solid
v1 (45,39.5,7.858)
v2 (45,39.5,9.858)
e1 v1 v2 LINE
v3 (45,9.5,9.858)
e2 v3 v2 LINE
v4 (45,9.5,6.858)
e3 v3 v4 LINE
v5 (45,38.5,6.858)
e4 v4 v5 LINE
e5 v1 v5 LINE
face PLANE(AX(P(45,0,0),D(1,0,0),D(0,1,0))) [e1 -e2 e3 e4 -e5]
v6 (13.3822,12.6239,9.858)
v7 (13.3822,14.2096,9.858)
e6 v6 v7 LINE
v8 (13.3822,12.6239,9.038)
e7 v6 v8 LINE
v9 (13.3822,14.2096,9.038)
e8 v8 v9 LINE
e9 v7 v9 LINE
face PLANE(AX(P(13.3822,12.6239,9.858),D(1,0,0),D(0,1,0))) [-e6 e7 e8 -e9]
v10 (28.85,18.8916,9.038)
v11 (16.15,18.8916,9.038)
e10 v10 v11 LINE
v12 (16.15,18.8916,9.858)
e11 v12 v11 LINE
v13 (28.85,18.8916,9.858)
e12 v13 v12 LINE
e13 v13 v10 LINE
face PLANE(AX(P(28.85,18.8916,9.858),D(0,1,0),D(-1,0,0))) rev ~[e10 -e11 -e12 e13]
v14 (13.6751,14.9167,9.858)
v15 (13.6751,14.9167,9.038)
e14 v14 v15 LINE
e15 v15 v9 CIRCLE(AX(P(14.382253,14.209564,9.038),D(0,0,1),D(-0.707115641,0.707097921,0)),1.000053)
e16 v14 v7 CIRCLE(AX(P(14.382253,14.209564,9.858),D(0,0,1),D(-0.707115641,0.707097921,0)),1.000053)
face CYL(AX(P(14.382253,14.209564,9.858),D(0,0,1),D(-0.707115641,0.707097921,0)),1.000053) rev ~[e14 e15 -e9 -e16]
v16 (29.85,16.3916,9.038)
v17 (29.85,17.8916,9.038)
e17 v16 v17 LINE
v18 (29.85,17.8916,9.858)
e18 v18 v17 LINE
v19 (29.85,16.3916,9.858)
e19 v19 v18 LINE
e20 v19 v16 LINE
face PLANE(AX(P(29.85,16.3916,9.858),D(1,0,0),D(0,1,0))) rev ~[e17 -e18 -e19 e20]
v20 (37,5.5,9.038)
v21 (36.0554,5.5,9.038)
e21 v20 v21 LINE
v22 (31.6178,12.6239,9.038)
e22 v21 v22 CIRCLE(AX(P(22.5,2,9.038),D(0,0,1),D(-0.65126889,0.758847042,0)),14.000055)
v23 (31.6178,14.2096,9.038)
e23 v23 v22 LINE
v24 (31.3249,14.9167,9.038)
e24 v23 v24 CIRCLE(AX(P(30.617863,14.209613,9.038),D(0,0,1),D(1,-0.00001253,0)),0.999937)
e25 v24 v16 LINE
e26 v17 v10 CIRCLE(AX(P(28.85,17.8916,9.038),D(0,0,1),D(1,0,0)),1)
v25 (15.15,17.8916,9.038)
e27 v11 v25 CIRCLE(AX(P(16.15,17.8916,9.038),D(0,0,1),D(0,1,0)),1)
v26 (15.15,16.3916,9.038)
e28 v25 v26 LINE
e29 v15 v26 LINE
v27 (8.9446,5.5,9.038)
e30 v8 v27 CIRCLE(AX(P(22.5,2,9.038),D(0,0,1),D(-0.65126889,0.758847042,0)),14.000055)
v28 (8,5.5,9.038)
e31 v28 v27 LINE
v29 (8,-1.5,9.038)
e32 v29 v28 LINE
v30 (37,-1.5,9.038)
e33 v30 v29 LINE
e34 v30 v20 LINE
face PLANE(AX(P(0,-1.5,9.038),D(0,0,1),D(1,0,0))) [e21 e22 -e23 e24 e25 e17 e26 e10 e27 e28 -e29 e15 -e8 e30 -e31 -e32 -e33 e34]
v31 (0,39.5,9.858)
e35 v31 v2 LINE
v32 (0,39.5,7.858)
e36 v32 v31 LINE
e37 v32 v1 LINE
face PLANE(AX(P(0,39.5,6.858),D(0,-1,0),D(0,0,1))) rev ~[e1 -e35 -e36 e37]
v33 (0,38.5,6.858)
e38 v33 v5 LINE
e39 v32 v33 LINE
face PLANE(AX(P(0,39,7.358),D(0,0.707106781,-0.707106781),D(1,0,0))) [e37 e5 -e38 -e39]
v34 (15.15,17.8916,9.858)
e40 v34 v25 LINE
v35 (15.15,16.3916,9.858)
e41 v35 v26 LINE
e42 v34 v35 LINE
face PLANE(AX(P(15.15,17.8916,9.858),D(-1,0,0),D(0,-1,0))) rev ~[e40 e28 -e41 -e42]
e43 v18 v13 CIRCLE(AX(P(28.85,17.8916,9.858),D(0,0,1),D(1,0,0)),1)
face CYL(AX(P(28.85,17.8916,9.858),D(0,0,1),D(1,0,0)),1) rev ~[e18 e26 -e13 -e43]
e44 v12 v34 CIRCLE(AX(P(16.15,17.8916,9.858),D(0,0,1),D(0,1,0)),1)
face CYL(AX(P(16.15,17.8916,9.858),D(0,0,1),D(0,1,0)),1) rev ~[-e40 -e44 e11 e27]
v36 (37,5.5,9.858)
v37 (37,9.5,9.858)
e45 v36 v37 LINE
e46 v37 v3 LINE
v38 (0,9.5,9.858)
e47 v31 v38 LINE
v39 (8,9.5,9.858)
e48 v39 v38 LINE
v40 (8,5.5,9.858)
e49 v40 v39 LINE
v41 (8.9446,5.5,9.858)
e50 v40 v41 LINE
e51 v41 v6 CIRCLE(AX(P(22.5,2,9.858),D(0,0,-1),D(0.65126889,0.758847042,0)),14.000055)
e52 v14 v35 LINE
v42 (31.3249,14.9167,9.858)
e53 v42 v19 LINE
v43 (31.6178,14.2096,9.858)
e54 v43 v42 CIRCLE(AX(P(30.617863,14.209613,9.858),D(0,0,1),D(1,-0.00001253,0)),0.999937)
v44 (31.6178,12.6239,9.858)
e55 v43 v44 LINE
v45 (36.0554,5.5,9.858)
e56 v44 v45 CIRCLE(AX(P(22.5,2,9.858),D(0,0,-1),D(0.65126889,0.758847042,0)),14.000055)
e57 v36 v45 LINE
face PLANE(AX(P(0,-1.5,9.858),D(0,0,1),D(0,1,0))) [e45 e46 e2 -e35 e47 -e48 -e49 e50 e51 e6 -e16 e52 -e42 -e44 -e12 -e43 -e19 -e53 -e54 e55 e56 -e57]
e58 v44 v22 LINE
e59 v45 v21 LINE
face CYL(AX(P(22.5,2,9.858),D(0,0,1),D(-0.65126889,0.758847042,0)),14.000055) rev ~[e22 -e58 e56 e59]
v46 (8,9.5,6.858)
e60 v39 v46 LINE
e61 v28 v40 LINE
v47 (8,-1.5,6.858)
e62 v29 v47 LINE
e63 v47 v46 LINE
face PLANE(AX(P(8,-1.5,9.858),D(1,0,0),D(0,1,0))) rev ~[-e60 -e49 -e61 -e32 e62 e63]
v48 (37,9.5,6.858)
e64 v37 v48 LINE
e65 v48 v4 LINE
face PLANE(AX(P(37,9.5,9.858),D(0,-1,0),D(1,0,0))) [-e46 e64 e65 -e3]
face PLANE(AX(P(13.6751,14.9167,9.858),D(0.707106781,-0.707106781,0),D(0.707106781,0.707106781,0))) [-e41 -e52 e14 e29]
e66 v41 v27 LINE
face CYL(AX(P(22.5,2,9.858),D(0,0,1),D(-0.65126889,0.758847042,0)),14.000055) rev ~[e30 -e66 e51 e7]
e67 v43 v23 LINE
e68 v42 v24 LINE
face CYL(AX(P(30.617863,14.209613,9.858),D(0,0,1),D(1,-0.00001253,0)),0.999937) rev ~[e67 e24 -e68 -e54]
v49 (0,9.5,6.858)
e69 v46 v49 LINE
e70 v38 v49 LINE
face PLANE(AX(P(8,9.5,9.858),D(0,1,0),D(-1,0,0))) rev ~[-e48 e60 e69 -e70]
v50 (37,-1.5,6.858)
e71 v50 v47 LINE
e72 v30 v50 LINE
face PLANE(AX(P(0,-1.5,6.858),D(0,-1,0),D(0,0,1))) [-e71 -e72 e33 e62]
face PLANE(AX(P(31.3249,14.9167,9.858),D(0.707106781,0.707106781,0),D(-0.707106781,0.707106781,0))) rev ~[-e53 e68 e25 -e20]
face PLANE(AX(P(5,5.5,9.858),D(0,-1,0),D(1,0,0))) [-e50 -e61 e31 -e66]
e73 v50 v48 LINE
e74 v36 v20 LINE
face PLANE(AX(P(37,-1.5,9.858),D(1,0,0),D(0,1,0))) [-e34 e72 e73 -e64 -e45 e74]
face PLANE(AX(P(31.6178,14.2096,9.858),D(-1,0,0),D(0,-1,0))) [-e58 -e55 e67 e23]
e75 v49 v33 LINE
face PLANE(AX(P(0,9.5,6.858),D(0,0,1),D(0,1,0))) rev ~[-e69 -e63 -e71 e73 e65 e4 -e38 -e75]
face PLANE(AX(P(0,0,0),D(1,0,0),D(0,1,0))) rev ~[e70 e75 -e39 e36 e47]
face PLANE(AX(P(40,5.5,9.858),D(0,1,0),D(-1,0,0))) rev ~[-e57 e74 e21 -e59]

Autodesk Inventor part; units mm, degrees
ref_plane "YZ Plane" through (0, 0, 0) normal (1, 0, 0) x (0, 1, 0)
ref_plane "XZ Plane" through (0, 0, 0) normal (0, 1, 0) x (-1, 0, 0)
ref_plane "XY Plane" through (0, 0, 0) normal (0, 0, 1) x (1, 0, 0)
sketch "Sketch1" plane through (0, 0, 0) normal (1, 0, 0) x (0, 1, 0)
  line L0 (-1.5, 6.858) -> (1.5, 6.858)
  line L1 (1.5, 6.858) -> (1.5, -6.858)
  line L2 (1.5, -6.858) -> (-1.5, -6.858)
  line L3 (-1.5, -6.858) -> (-1.5, 6.858)
  line L4 (-1.5, 6.858) -> (1.5, -6.858) construction
  line L5 (1.5, 6.858) -> (-1.5, -6.858) construction
  line L6 (1.5, 6.858) -> (39.5, 6.858)
  line L7 (39.5, 6.858) -> (39.5, 9.858)
  line L8 (39.5, 9.858) -> (1.5, 9.858)
  line L9 (1.5, 9.858) -> (1.5, 6.858)
  line L10 (1.5, -6.858) -> (39.5, -6.858)
  line L11 (39.5, -6.858) -> (39.5, -9.858)
  line L12 (39.5, -9.858) -> (1.5, -9.858)
  line L13 (1.5, -9.858) -> (1.5, -6.858)
  line L14 (9.5, 6.858) -> (1.5, 6.858)
  line L15 (1.5, 6.858) -> (1.5, -0.142)
  line L16 (1.5, -0.142) -> (9.5, -0.142)
  line L17 (9.5, -0.142) -> (9.5, 6.858)
  line L18 (9.5, -6.858) -> (1.5, -6.858)
  line L19 (1.5, -6.858) -> (1.5, -0.142)
  line L20 (1.5, -0.142) -> (9.5, -0.142)
  line L21 (9.5, -0.142) -> (9.5, -6.858)
  line L22 (9.5, -0.142) -> (1.5, -0.142)
  line L23 (1.5, 6.858) -> (-1.5, 6.858)
  line L24 (-1.5, 6.858) -> (-1.5, 9.858)
  line L25 (-1.5, 9.858) -> (1.5, 9.858)
  line L26 (1.5, 9.858) -> (1.5, 6.858)
  line L27 (1.5, -6.858) -> (-1.5, -6.858)
  line L28 (-1.5, -6.858) -> (-1.5, -9.858)
  line L29 (-1.5, -9.858) -> (1.5, -9.858)
  line L30 (1.5, -9.858) -> (1.5, -6.858)
  point P0 (0, 0)
  dimension "d0" = 3
  dimension "d2" = 13.716
  dimension "d3" = 3
  dimension "d4" = 3
  dimension "d5" = 38
  dimension "d6" = 38
  dimension "d7" = 0
  dimension "d8" = 8
  dimension "d9" = 8
  dimension "d12" = 7
  dimension "d13" = 6.716
extrude "Extrusion1" add sketch "Sketch1" along normal blind 45
sketch "Sketch2" plane through (0, -1.5, 9.858) normal (0, 0, 1) x (1, 0, 0)
  line L0 (5, 7) -> (8.9446, 7) projected
  arc A0 (5, 7) -> (5, 0) centre (5, 3.5) ccw projected
  line L1 (8.9446, 0) -> (5, 0) projected
  arc A1 (13.3822, 14.1239) -> (31.6178, 14.1239) centre (22.5, 3.5) ccw projected
  line L2 (13.3822, 14.1239) -> (13.3822, 15.7096) projected
  line L3 (13.6751, 16.4167) -> (15.15, 17.8916) projected
  arc A2 (13.6751, 16.4167) -> (13.3822, 15.7096) centre (14.3822, 15.7096) ccw projected
  arc A3 (16.15, 20.3916) -> (15.15, 19.3916) centre (16.15, 19.3916) ccw projected
  line L4 (15.15, 19.3916) -> (15.15, 17.8916) projected
  line L5 (28.85, 20.3916) -> (16.15, 20.3916) projected
  arc A4 (29.85, 19.3916) -> (28.85, 20.3916) centre (28.85, 19.3916) ccw projected
  line L6 (29.85, 17.8916) -> (29.85, 19.3916) projected
  line L7 (31.3249, 16.4167) -> (29.85, 17.8916) projected
  line L8 (31.6178, 15.7096) -> (31.6178, 14.1239) projected
  arc A5 (31.6178, 15.7096) -> (31.3249, 16.4167) centre (30.6178, 15.7096) ccw projected
  line L9 (40, 7) -> (36.0554, 7) projected
  arc A6 (40, 0) -> (40, 7) centre (40, 3.5) ccw projected
  line L10 (36.0554, 0) -> (40, 0) projected
  line L11 (40, 7) -> (36.0554, 7) projected
  arc A7 (40, 0) -> (40, 7) centre (40, 3.5) ccw projected
  line L12 (36.0554, 0) -> (40, 0) projected
  line L13 (8.9446, 0) -> (5, 0) projected
  line L14 (36.0554, 0) -> (40, 0) projected
  line L15 (0, 41) -> (0, 0) projected
  line L16 (0, 0) -> (45, 0) projected
  line L17 (45, 41) -> (45, 0) projected
  line L18 (0, 41) -> (45, 41) projected
  line L19 (5, 7) -> (8.9446, 7) projected
  arc A8 (5, 7) -> (5, 0) centre (5, 3.5) ccw projected
sketch "Sketch3" plane through (0, -1.5, 9.858) normal (0, 0, 1) x (1, 0, 0)
  line L0 (0, 0) -> (45, 0) projected
  line L1 (45, 41) -> (45, 0) projected
  point P0 (0, 41)
  point P1 (0, 1.5)
  point P2 (5, 3.5)
  point P3 (40, 3.5)
  dimension "d16" = 35
  dimension "d18" = 5
  dimension "d19" = 45
  dimension "d20" = 3.5
  dimension "d21" = 3.5
hole "Hole1" at (5, 2, 9.858) at (40, 2, 9.858) direction (0, 0, -1) diameter 4.2 end through all
extrude "Extrusion2" cut sketch "Sketch2" against normal blind 0.82 contours A1 L2 A2 L3 L4 A3 L5 A4 L6 L7 A5 L8 L16 | L16 A1
sketch "Sketch4" plane through (0, -1.5, 9.858) normal (0, 0, 1) x (1, 0, 0)
  arc A0 (36.0554, 0) -> (31.6178, 14.1239) centre (22.5, 3.5) ccw projected
  line L0 (36.0554, 0) -> (45, 0) projected
  arc A1 (13.3822, 14.1239) -> (8.9446, 0) centre (22.5, 3.5) ccw projected
  circle A2 centre (5, 3.5) radius 2.1 projected
  circle A3 centre (40, 3.5) radius 2.1 projected
  arc A4 (5, 7) -> (5, 0) centre (5, 3.5) ccw projected
  line L1 (5, 7) -> (8.9446, 7) projected
  line L2 (8.9446, 0) -> (5, 0) projected
  arc A5 (13.3822, 14.1239) -> (31.6178, 14.1239) centre (22.5, 3.5) ccw projected
  arc A6 (13.3822, 14.1239) -> (31.6178, 14.1239) centre (22.5, 3.5) ccw projected
  line L3 (40, 7) -> (36.0554, 7) projected
  arc A7 (40, 0) -> (40, 7) centre (40, 3.5) ccw projected
  line L4 (36.0554, 0) -> (40, 0) projected
  point P0 (0, 1.5)
extrude "Extrusion3" cut sketch "Sketch4" against normal blind 0.82
sketch "Sketch5" plane through (0, -1.5, -9.858) normal (0, 0, -1) x (-1, 0, 0)
  circle A0 centre (-5, 3.5) radius 2.1 projected
  circle A1 centre (-40, 3.5) radius 2.1 projected
  line L0 (-34.959, 3.5) -> (-37.4795, -0.8656)
  line L1 (-37.4795, -0.8656) -> (-42.5205, -0.8656)
  line L2 (-42.5205, -0.8656) -> (-45.041, 3.5)
  line L3 (-45.041, 3.5) -> (-42.5205, 7.8656)
  line L4 (-42.5205, 7.8656) -> (-37.4795, 7.8656)
  line L5 (-37.4795, 7.8656) -> (-34.959, 3.5)
  line L6 (0.041, 3.5) -> (-2.4795, -0.8656)
  line L7 (-2.4795, -0.8656) -> (-7.5205, -0.8656)
  line L8 (-7.5205, -0.8656) -> (-10.041, 3.5)
  line L9 (-10.041, 3.5) -> (-7.5205, 7.8656)
  line L10 (-7.5205, 7.8656) -> (-2.4795, 7.8656)
  line L11 (-2.4795, 7.8656) -> (0.041, 3.5)
  point P0 (0, 1.5)
  point P1 (-40, 3.5)
  point P2 (-5, 3.5)
  dimension "d33" = 8.7312
  dimension "d34" = 8.7312
extrude "Extrusion4" cut sketch "Sketch5" against normal blind 3.175
sketch "Sketch6" plane through (0, 9.5, 6.858) normal (0, 1, 0) x (1, 0, 0)
  line L0 (7.5, 1.82) -> (37.5, 1.82) projected
  line L1 (37.5, 9.82) -> (7.5, 9.82) projected
  line L2 (7.5, 1.82) -> (7.5, 9.82)
  line L3 (37.5, 1.82) -> (37.5, 9.82)
  line L4 (7, 10.32) -> (38, 10.32)
  line L5 (38, 10.32) -> (38, 1.32)
  line L6 (38, 1.32) -> (7, 1.32)
  line L7 (7, 1.32) -> (7, 10.32)
  line L8 (8, 10.32) -> (37, 10.32)
  line L9 (37, 10.32) -> (37, 1.32)
  line L10 (37, 1.32) -> (8, 1.32)
  line L11 (8, 1.32) -> (8, 10.32)
  line L12 (0, 0) -> (45, 0) projected
  line L13 (8, 1.32) -> (37, 1.32)
  line L14 (37, 1.32) -> (37, 0)
  line L15 (37, 0) -> (8, 0)
  line L16 (8, 0) -> (8, 1.32)
  point P0 (0, 6.858)
  dimension "d37" = 0.5
  dimension "d56" = 1
  dimension "d57" = 1
chamfer "Chamfer1" distance 1 angle 45 2 edges at (22.5, 39.5, -6.858) (22.5, 39.5, 6.858)
sketch "Sketch7" plane through (0, 9.5, -6.858) normal (0, 0, 1) x (1, 0, 0)
  line L0 (0, 29) -> (0, 0) projected
  line L1 (0, 0) -> (45, 0) projected
  line L2 (45, 29) -> (45, 0) projected
  circle A0 centre (22.5, 10) radius 4.318
  line L3 (22.5, 10) -> (22.5, 20)
  circle A1 centre (22.5, 20) radius 2.159
  line L4 (20.341, 20) -> (20.341, 6.2605)
  line L5 (24.659, 20) -> (24.659, 6.2605)
  point P0 (0, -9.5)
  dimension "d43" = 8.636
  dimension "d45" = 10
  dimension "d46" = 4.318
  dimension "d47" = 22.5
  dimension "d48" = 45
  dimension "d49" = 10
extrude "Extrusion6" cut sketch "Sketch7" against normal through all
sketch "Sketch8" plane through (0, 9.5, -6.858) normal (0, 0, 1) x (1, 0, 0)
  arc A0 (20.341, 13.7395) -> (24.659, 13.7395) centre (22.5, 10) ccw projected
  line L0 (20.341, 13.7395) -> (20.341, 20) projected
  arc A1 (24.659, 20) -> (20.341, 20) centre (22.5, 20) ccw projected
  line L1 (24.659, 20) -> (24.659, 13.7395) projected
  line L2 (45, 29) -> (45, 0) projected
  circle A2 centre (22.5, 20) radius 4.318
  line L3 (18.182, 20) -> (18.182, 10)
  line L4 (26.818, 10) -> (26.818, 20)
  point P0 (0, -9.5)
  dimension "d52" = 4.318
  dimension "d53" = 8.636
extrude "Extrusion7" cut sketch "Sketch8" against normal blind 2 contours L0 A2 L1 A0 | A0 L3 A2 L0 | A2 L1 A1 L0 | A0 L1 A2 L4 picked at (24.9024, 17.6839)
extrude "Extrusion8" cut sketch "Sketch6" against normal through all contours L11 L1 L9 L0 | L0 L9 L6 L11 | L6 L14 L12 L16 | L11 L4 L9 L1
sketch "Sketch9" plane through (0, 0, 0) normal (-1, 0, 0) x (0, 0, 1)
  line L0 (-30, 50) -> (6.858, 50)
  line L1 (6.858, 50) -> (6.858, -18)
  line L2 (6.858, -18) -> (-30, -18)
  line L3 (-30, -18) -> (-30, 50)
  point P0 (0, 0)
extrude "Extrusion9" cut sketch "Sketch9" against normal through all
sketch "Sketch10" plane through (0, -1.5, 9.858) normal (0, 0, 1) x (1, 0, 0)
  line L0 (8, 11) -> (0, 11)
  line L1 (0, 11) -> (0, 0)
  line L2 (0, 0) -> (8, 0)
  line L3 (8, 0) -> (8, 11)
  line L4 (37, 11) -> (45, 11)
  line L5 (45, 11) -> (45, 0)
  line L6 (45, 0) -> (37, 0)
  line L7 (37, 0) -> (37, 11)
  point P0 (0, 1.5)
extrude "Extrusion10" cut sketch "Sketch10" against normal through all
equation "\"d2\" = StretcherDepth"
equation "\"d6\" = d5"
equation "\"d9\" = d8"
equation "\"d18\" = -0.5 * d16 + 0.5 * d19"
equation "\"d47\" = 0.5 * d48"
equation "\"d53\" = 2 * d52"
equation "\"StretcherDepth\" = 13.716"
properties part number "MotorClipV3Front" material "ABS Plastic"
